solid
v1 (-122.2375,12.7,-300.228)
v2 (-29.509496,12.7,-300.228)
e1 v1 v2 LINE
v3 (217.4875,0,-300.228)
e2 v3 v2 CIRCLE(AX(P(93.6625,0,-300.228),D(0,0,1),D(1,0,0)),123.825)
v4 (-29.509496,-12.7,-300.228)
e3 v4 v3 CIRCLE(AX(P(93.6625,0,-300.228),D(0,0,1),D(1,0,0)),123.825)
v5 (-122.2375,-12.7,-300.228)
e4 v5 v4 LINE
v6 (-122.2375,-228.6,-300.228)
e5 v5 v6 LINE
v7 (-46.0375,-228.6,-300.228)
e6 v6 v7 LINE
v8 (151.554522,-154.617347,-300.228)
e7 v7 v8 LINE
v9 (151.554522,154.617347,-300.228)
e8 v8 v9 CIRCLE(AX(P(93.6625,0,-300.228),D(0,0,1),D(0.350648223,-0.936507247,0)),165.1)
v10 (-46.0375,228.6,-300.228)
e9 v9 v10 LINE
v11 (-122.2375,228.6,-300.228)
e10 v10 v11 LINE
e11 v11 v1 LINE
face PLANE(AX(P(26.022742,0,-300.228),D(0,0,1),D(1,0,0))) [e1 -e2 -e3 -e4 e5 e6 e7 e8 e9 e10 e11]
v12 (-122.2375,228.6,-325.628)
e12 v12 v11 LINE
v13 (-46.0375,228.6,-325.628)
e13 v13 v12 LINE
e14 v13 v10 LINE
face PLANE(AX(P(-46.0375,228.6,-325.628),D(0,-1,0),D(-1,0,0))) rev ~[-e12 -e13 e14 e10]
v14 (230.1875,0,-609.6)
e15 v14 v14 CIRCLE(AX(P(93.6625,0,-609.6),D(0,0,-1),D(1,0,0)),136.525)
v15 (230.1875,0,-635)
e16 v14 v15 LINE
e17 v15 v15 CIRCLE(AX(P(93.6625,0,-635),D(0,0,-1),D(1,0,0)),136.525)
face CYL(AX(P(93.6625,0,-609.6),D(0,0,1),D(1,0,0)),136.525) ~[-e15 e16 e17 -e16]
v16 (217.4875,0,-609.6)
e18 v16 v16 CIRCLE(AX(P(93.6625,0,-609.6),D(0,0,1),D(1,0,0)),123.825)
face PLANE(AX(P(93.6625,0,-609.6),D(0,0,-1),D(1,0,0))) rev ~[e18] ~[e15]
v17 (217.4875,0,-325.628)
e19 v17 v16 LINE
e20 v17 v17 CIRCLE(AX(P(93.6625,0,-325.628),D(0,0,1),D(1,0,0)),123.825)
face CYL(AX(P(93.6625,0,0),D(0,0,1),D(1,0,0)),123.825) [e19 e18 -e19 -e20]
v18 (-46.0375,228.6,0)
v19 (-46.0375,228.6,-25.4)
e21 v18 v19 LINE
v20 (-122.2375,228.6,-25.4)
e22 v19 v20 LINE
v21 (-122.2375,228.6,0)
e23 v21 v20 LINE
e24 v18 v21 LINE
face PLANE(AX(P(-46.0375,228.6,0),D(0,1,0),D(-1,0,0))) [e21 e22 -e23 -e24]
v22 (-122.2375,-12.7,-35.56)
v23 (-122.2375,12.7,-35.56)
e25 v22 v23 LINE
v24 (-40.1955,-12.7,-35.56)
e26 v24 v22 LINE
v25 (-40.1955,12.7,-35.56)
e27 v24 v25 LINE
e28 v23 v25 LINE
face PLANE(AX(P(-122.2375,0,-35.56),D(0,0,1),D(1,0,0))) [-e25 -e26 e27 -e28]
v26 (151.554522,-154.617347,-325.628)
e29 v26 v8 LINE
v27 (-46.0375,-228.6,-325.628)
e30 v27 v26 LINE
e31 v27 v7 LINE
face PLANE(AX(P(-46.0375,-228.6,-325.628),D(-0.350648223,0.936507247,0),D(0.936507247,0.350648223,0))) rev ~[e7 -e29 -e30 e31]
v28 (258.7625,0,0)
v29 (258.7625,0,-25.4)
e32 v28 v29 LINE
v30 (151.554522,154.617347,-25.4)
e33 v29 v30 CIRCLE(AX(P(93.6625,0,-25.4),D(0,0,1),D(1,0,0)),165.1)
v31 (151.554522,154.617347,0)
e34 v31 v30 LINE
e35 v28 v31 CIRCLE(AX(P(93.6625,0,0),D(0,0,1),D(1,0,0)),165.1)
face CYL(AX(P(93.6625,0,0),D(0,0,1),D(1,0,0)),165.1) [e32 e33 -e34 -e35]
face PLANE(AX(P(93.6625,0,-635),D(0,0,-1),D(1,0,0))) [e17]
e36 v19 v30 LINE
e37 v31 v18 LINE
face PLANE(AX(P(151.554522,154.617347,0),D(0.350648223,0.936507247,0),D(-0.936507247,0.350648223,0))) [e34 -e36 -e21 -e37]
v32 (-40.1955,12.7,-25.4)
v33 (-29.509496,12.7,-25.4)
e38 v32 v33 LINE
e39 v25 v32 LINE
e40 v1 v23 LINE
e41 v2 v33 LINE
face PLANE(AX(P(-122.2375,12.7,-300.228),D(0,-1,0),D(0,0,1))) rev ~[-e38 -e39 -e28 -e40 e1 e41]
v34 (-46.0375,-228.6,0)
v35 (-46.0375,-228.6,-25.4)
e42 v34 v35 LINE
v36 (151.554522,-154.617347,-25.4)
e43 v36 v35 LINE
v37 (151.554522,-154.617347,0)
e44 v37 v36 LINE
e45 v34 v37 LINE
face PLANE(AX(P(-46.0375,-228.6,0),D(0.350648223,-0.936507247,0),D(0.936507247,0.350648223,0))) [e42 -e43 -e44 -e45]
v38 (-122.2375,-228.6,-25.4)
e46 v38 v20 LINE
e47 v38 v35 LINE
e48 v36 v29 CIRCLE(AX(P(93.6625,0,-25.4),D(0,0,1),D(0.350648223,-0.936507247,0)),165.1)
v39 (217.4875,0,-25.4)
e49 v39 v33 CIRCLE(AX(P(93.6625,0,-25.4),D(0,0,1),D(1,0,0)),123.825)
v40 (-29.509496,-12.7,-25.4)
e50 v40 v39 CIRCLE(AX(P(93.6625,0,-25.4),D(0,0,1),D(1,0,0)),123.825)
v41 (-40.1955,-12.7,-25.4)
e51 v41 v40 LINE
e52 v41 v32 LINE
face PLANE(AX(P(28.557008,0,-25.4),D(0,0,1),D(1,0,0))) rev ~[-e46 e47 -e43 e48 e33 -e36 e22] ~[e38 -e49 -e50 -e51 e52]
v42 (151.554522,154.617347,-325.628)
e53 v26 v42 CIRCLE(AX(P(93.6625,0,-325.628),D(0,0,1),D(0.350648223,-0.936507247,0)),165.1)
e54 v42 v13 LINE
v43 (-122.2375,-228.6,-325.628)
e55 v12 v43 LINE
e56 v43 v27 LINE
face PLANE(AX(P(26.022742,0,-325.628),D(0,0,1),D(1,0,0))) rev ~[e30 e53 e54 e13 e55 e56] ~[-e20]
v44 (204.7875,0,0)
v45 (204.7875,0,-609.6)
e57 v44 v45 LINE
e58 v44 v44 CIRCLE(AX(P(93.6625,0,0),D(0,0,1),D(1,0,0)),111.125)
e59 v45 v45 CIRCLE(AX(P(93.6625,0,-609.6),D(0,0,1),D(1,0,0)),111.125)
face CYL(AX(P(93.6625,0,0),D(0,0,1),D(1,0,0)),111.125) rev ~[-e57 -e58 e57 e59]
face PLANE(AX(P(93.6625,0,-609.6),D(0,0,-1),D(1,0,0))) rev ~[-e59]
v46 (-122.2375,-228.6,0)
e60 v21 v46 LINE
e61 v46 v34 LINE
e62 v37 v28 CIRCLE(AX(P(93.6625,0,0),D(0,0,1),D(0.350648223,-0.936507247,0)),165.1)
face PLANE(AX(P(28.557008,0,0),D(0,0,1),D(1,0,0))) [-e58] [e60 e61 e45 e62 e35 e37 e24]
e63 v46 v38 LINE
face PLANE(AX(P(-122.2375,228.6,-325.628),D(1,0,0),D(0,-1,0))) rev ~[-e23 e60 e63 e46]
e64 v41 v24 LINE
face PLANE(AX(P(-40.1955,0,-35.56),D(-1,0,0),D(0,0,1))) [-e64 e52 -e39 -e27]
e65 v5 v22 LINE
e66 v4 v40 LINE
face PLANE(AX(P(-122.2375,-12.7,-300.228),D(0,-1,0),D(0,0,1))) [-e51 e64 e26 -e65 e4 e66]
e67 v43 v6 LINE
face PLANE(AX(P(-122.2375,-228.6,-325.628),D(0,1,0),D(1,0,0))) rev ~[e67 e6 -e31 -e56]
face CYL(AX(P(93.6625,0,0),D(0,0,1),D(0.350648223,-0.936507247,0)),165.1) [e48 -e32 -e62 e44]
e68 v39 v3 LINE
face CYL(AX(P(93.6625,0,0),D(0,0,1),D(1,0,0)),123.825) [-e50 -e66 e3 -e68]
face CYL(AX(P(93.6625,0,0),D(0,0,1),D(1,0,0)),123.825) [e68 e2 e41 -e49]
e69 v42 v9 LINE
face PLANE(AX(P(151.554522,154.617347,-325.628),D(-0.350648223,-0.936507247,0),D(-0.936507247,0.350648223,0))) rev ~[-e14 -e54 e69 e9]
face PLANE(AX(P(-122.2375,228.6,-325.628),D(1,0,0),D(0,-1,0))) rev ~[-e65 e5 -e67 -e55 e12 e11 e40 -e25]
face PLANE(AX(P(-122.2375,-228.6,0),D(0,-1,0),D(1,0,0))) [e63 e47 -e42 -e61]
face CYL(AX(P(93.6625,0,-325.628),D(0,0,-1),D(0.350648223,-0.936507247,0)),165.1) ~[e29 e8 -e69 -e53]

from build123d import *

# Parameters (mm, degrees)
F0_R           = 123.825
F1_DEPTH       = 25.4
F3_R           = 123.825
F4_DEPTH       = 25.4
F5_R           = 123.825
F5_R_2         = 111.125
F6_DEPTH       = 609.6
F7_R           = 136.525
F8_DEPTH       = 25.4
F9_W           = 25.4
F9_H           = 274.828
F11_W          = 82.042
F11_H          = 10.16
F12_DEPTH      = 228.601
F12_DEPTH_BACK = 228.601


with BuildPart() as f1:
    # F0 (on Top) → F1 (new body)
    with BuildSketch(Plane.XY):
        with BuildLine():
            ThreePointArc((151.5545215542, -154.6173465054), (229.3385530798, -94.074537579), (258.7625, 0))
            ThreePointArc((258.7625, 0), (229.3385530798, 94.074537579), (151.5545215542, 154.6173465054))
            Line((151.5545215542, 154.6173465054), (-46.0375, 228.6))
            Line((-46.0375, 228.6), (-122.2375, 228.6))
            Line((-122.2375, 228.6), (-122.2375, 0))
            Line((-122.2375, 0), (-122.2375, -228.6))
            Line((-122.2375, -228.6), (-46.0375, -228.6))
            Line((-46.0375, -228.6), (151.5545215542, -154.6173465054))
        make_face()
        with Locations((93.6625, 0)):
            Circle(F0_R, mode=Mode.SUBTRACT)
    extrude(amount=-F1_DEPTH)



with BuildPart() as f4:
    # F3 (on offset) → F4 (new body)
    with BuildSketch(Plane.XY.offset(-325.628)):
        with BuildLine():
            Line((-46.0375, -228.6), (151.5545215542, -154.6173465054))
            ThreePointArc((151.5545215542, -154.6173465054), (258.7625, 0), (151.5545215542, 154.6173465054))
            Line((151.5545215542, 154.6173465054), (-46.0375, 228.6))
            Line((-46.0375, 228.6), (-122.2375, 228.6))
            Line((-122.2375, 228.6), (-122.2375, -228.6))
            Line((-122.2375, -228.6), (-46.0375, -228.6))
        make_face()
        with Locations((93.6625, 0)):
            Circle(F3_R, mode=Mode.SUBTRACT)
    extrude(amount=F4_DEPTH)


with BuildPart() as f1_1:
    add(f1.part)

    add(f4.part)  # F6 merges F4
    # F5 (on face) → F6 (join)
    with BuildSketch(Plane.XY):
        with Locations((93.6625, 0)):
            Circle(F5_R)
        with Locations((93.6625, 0)):
            Circle(F5_R_2, mode=Mode.SUBTRACT)
    extrude(amount=-F6_DEPTH)

    # F7 (on face) → F8 (join)
    with BuildSketch(Plane(origin=(0, 0, -609.6), x_dir=(1, 0, 0), z_dir=(0, 0, -1))):
        with Locations((93.6625, 0)):
            Circle(F7_R)
    extrude(amount=F8_DEPTH)

    # F9 (on face) → F10 (join, up to the next surface of F1)
    with BuildSketch(Plane(origin=(-122.2375, 0, 0), x_dir=(0, -1, 0), z_dir=(-1, 0, 0))):
        with Locations((0, -162.814)):
            Rectangle(F9_W, F9_H)
    extrude(until=Until.NEXT, dir=(1, 0, 0))

    # F11 (on Front) → F12 (cut, two sides)
    with BuildSketch(Plane.XZ) as f12_sk:
        with Locations((-81.2165, -30.48)):
            Rectangle(F11_W, F11_H)
    extrude(amount=-F12_DEPTH, mode=Mode.SUBTRACT)
    extrude(f12_sk.sketch, amount=F12_DEPTH_BACK, mode=Mode.SUBTRACT)


solid = f1_1.part
